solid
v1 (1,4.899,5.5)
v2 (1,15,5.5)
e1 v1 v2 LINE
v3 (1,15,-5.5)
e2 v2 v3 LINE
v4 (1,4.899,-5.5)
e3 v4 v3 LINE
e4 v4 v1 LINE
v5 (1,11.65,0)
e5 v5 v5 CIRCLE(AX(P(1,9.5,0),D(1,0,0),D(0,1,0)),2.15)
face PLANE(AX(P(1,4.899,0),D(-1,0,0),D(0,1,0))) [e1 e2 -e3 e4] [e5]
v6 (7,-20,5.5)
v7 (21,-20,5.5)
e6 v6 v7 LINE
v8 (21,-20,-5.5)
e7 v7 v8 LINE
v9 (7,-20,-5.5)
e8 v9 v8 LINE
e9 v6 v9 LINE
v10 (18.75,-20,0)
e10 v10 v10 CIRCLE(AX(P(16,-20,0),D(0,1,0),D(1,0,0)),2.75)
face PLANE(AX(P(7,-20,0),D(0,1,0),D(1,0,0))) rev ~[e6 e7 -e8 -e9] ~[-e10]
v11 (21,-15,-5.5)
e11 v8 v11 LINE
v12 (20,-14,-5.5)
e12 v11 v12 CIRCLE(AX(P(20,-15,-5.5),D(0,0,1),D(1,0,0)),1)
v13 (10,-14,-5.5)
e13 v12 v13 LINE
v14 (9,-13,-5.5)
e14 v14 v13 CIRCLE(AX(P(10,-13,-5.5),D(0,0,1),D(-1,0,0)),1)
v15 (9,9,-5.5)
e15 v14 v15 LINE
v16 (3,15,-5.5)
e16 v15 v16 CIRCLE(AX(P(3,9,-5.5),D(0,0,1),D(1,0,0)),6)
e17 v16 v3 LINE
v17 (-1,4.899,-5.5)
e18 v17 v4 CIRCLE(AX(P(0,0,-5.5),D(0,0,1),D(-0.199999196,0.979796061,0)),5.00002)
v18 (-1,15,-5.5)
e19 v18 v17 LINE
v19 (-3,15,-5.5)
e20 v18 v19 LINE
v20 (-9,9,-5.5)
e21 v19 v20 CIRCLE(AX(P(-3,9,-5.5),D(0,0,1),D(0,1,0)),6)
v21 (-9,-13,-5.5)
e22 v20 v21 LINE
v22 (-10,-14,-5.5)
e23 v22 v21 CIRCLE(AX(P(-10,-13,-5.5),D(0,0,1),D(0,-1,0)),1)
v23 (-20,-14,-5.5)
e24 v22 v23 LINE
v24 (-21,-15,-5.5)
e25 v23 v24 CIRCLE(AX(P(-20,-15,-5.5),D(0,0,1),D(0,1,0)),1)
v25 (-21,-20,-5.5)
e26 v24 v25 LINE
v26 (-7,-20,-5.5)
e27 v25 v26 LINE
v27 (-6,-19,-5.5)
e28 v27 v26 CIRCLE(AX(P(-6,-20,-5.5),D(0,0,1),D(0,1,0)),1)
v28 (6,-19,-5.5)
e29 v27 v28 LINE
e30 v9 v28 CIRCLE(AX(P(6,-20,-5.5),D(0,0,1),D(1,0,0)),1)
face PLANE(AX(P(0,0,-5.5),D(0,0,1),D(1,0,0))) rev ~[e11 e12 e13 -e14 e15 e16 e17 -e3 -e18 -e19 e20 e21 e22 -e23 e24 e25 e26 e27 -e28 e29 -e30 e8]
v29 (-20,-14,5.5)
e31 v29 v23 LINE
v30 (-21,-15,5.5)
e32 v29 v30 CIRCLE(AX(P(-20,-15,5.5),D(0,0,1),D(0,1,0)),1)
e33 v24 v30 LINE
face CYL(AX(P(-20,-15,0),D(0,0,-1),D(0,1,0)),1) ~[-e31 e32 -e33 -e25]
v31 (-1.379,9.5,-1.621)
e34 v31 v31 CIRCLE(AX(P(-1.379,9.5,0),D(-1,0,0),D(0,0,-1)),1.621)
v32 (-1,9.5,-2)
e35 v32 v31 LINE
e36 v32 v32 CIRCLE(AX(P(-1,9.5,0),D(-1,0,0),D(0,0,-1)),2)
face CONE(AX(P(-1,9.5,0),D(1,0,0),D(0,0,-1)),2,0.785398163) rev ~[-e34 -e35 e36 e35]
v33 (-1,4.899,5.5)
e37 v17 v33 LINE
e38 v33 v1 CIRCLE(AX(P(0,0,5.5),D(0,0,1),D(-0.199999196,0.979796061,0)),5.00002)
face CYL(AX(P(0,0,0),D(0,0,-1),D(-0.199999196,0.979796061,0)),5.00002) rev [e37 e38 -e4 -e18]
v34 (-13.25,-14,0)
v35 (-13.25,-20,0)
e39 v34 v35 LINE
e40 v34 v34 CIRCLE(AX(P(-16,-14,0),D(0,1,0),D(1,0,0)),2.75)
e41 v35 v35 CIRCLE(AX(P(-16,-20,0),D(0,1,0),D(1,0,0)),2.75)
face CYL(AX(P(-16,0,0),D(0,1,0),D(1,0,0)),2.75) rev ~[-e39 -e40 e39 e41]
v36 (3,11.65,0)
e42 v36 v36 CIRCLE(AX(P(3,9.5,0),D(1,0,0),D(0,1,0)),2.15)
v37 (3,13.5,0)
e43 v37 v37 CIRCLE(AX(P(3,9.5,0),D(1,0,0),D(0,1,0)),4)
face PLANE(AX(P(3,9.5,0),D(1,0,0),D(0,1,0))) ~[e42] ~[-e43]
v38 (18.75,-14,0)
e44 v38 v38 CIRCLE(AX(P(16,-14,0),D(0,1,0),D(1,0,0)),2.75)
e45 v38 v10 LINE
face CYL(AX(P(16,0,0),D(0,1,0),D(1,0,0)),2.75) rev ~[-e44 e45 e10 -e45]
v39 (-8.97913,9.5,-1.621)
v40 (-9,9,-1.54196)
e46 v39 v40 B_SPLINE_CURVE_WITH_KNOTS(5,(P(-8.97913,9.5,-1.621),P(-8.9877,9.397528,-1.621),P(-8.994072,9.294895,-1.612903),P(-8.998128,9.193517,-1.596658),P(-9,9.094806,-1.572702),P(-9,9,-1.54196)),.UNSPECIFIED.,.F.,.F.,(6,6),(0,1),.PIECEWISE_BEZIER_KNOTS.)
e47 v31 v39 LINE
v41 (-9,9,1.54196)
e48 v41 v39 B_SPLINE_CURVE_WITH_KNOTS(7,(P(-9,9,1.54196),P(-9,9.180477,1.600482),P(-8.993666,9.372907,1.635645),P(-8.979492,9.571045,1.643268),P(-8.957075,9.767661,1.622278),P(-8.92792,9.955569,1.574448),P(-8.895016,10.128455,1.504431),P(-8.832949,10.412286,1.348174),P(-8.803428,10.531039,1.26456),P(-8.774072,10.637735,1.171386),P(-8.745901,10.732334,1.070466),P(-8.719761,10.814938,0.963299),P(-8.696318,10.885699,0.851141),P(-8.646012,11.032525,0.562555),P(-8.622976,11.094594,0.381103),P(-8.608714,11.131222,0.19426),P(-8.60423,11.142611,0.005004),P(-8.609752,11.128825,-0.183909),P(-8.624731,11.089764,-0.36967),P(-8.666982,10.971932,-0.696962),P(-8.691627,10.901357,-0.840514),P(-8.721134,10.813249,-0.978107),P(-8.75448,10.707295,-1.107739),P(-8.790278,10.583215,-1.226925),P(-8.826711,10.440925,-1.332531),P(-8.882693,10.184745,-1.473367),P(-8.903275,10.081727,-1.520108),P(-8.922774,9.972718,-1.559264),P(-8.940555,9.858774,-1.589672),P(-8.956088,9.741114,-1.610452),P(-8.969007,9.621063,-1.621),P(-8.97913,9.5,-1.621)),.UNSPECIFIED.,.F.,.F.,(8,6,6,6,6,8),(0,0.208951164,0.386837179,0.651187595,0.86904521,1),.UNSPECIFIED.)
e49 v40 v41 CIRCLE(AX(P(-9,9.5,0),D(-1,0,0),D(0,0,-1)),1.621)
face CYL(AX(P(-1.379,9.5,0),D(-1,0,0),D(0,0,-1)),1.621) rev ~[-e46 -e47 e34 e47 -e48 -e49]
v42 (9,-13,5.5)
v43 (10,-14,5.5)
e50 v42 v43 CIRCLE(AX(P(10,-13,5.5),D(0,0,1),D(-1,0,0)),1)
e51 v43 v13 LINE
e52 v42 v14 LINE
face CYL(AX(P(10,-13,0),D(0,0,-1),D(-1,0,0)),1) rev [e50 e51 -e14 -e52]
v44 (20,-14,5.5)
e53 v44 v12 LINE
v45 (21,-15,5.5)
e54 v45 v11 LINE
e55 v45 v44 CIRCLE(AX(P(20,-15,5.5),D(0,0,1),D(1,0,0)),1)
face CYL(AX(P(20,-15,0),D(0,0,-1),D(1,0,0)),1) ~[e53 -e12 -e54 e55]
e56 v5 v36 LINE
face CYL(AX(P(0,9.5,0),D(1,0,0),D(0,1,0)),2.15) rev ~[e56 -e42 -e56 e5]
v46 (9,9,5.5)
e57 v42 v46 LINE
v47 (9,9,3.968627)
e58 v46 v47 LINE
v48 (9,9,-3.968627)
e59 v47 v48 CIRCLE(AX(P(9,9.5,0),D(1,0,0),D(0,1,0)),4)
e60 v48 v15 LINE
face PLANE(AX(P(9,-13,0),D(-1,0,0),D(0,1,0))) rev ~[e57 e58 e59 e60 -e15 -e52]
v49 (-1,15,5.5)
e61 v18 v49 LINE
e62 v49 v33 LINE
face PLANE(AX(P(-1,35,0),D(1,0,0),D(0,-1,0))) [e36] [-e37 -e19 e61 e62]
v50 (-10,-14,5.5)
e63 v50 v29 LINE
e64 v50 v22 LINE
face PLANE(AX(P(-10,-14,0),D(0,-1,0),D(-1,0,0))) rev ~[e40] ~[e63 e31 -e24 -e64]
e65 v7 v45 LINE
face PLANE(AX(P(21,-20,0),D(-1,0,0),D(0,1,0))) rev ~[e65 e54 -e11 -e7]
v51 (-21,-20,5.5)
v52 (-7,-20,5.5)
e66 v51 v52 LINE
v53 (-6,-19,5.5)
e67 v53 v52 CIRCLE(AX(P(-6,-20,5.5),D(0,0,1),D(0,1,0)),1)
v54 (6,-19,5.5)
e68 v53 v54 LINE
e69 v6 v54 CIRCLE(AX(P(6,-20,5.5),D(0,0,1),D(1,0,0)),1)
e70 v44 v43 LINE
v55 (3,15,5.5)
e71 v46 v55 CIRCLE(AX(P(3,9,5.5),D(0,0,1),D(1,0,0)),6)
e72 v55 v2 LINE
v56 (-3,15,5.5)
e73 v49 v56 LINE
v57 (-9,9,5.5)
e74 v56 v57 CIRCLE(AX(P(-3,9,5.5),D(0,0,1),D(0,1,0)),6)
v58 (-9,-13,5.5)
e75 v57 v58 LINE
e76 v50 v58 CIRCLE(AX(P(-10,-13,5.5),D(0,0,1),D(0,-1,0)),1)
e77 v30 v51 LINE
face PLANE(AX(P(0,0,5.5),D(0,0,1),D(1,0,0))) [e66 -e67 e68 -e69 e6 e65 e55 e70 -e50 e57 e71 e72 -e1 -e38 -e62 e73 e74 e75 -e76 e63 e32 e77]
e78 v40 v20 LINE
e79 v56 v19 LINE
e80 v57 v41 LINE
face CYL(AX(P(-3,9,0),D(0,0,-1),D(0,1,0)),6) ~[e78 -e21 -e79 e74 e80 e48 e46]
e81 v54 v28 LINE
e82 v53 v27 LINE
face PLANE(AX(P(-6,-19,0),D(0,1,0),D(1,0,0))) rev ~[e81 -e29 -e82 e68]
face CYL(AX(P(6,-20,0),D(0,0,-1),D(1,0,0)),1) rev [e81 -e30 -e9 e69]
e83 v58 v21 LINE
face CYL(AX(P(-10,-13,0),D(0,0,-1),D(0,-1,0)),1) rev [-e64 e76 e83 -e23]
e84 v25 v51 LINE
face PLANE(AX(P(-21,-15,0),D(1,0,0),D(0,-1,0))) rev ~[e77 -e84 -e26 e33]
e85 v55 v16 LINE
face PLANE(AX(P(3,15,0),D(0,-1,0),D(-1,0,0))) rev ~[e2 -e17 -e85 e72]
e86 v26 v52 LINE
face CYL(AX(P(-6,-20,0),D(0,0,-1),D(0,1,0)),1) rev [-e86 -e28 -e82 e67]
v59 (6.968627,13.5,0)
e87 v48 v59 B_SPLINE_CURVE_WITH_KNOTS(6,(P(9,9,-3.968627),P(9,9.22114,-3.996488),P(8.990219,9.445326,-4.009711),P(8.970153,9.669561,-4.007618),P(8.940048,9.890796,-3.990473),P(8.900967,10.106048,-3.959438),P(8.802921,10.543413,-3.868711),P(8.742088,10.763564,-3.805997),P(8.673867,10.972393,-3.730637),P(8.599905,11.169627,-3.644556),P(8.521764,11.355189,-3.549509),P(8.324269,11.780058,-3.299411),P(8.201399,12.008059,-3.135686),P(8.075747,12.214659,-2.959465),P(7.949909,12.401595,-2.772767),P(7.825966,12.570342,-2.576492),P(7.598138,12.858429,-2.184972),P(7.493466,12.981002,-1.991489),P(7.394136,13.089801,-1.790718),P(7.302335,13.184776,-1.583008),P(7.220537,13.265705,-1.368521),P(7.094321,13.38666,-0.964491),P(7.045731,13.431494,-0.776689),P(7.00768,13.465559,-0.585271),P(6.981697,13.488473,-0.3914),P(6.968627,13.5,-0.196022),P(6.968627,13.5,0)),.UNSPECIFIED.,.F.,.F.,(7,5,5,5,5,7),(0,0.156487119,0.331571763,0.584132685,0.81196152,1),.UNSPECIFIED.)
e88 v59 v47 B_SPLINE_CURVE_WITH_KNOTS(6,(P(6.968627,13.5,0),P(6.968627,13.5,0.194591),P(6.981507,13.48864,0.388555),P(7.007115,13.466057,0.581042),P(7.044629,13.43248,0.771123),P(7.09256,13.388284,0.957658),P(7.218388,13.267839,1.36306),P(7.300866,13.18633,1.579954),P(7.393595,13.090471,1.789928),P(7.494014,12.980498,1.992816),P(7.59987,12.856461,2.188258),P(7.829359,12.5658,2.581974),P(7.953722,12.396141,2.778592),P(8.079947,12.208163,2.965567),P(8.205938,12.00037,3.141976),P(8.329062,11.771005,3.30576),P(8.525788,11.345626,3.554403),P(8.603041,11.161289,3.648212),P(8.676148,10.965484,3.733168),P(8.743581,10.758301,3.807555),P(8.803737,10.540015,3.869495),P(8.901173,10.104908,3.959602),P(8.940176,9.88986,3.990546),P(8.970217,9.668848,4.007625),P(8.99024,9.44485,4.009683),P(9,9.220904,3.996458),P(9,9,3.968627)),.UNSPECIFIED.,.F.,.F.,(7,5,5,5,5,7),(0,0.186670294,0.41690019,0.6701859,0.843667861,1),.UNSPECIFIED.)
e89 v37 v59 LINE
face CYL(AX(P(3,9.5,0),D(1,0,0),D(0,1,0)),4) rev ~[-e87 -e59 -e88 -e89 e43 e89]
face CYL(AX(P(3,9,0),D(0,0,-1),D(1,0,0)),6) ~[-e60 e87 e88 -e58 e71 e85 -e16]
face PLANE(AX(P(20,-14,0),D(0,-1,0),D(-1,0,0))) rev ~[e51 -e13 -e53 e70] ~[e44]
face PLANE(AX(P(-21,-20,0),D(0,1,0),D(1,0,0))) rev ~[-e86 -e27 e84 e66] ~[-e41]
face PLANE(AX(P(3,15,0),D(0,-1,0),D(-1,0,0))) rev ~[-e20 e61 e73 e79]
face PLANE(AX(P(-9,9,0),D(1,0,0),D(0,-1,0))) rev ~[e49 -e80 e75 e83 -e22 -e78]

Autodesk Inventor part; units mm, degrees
sketch "_____1" plane through (0, 0, 0) normal (0, 0, 1) x (1, 0, 0)
  line L0 (-21, -15) -> (-21, -20)
  line L1 (-21, -20) -> (-7, -20)
  arc A0 (-6, -19) -> (-7, -20) centre (-6, -20) ccw
  line L2 (-6, -19) -> (6, -19)
  arc A1 (7, -20) -> (6, -19) centre (6, -20) ccw
  line L3 (7, -20) -> (21, -20)
  line L4 (21, -20) -> (21, -15)
  arc A2 (21, -15) -> (20, -14) centre (20, -15) ccw
  line L5 (20, -14) -> (10, -14)
  arc A3 (9, -13) -> (10, -14) centre (10, -13) ccw
  line L6 (9, -13) -> (9, 9)
  arc A4 (9, 9) -> (3, 15) centre (3, 9) ccw
  line L7 (3, 15) -> (-3, 15)
  arc A5 (-3, 15) -> (-9, 9) centre (-3, 9) ccw
  line L8 (-9, 9) -> (-9, -13)
  arc A6 (-10, -14) -> (-9, -13) centre (-10, -13) ccw
  line L9 (-10, -14) -> (-20, -14)
  arc A7 (-20, -14) -> (-21, -15) centre (-20, -15) ccw
extrude "Extrusion1" add sketch "_____1" along normal mid plane 11
sketch "_____2" plane through (0, 0, 0) normal (0, 0, 1) x (1, 0, 0)
  arc A0 (-1, 4.899) -> (1, 4.899) centre (0, 0) ccw
  line L0 (1, 4.899) -> (1, 35)
  line L1 (1, 35) -> (-1, 35)
  line L2 (-1, 35) -> (-1, 4.899)
extrude "Extrusion2" cut sketch "_____2" along normal mid plane 11
sketch "_____3" plane through (0, 0, 0) normal (0, 1, 0) x (1, 0, 0)
  circle A0 centre (16, 0) radius 2.75
extrude "Extrusion3" cut sketch "_____3" against normal blind 20
sketch "_____4" plane through (0, 0, 0) normal (0, 1, 0) x (1, 0, 0)
  circle A0 centre (-16, 0) radius 2.75
extrude "Extrusion4" cut sketch "_____4" against normal blind 20
sketch "_____5" plane through (0, 0, 0) normal (0, 0, 1) x (1, 0, 0)
  line L0 (50, 9.5) -> (-50, 9.5)
  line L1 (0, 9.5) -> (0, 11.65)
  line L2 (0, 11.65) -> (3, 11.65)
  line L3 (3, 11.65) -> (3, 13.5)
  line L4 (3, 13.5) -> (9, 13.5)
  line L5 (9, 13.5) -> (9, 9.5)
  line L6 (9, 9.5) -> (0, 9.5)
revolve "Revolution1" cut sketch "_____5" angle 360 about axis through (50, 9.5, 0) along (1, 0, 0)
sketch "Sketch6" plane through (-1, 4.899, 5.5) normal (1, 0, 0) x (0, 0, -1)
  point P0 (5.5, 4.601)
hole "Hole1" at (-1, 9.5, 0) direction (-1, 0, 0) diameter 3.242 depth 8 countersink diameter 4 countersink angle 90 thread size "M4x0.7" class "6H" standard "ISO Metric profile"
ref_plane "to_bolt_XY" through (3, 9.5, 0) normal (1, 0, 0) x (0, 0, -1)
ref_plane "to_bolt_YZ" through (3, 9.5, 0) normal (0, 0, -1) x (0, 1, 0)
ref_plane "to_bolt_ZX" through (3, 9.5, 0) normal (0, 1, 0) x (1, 0, 0)
properties part number "C-SHA10_b"
